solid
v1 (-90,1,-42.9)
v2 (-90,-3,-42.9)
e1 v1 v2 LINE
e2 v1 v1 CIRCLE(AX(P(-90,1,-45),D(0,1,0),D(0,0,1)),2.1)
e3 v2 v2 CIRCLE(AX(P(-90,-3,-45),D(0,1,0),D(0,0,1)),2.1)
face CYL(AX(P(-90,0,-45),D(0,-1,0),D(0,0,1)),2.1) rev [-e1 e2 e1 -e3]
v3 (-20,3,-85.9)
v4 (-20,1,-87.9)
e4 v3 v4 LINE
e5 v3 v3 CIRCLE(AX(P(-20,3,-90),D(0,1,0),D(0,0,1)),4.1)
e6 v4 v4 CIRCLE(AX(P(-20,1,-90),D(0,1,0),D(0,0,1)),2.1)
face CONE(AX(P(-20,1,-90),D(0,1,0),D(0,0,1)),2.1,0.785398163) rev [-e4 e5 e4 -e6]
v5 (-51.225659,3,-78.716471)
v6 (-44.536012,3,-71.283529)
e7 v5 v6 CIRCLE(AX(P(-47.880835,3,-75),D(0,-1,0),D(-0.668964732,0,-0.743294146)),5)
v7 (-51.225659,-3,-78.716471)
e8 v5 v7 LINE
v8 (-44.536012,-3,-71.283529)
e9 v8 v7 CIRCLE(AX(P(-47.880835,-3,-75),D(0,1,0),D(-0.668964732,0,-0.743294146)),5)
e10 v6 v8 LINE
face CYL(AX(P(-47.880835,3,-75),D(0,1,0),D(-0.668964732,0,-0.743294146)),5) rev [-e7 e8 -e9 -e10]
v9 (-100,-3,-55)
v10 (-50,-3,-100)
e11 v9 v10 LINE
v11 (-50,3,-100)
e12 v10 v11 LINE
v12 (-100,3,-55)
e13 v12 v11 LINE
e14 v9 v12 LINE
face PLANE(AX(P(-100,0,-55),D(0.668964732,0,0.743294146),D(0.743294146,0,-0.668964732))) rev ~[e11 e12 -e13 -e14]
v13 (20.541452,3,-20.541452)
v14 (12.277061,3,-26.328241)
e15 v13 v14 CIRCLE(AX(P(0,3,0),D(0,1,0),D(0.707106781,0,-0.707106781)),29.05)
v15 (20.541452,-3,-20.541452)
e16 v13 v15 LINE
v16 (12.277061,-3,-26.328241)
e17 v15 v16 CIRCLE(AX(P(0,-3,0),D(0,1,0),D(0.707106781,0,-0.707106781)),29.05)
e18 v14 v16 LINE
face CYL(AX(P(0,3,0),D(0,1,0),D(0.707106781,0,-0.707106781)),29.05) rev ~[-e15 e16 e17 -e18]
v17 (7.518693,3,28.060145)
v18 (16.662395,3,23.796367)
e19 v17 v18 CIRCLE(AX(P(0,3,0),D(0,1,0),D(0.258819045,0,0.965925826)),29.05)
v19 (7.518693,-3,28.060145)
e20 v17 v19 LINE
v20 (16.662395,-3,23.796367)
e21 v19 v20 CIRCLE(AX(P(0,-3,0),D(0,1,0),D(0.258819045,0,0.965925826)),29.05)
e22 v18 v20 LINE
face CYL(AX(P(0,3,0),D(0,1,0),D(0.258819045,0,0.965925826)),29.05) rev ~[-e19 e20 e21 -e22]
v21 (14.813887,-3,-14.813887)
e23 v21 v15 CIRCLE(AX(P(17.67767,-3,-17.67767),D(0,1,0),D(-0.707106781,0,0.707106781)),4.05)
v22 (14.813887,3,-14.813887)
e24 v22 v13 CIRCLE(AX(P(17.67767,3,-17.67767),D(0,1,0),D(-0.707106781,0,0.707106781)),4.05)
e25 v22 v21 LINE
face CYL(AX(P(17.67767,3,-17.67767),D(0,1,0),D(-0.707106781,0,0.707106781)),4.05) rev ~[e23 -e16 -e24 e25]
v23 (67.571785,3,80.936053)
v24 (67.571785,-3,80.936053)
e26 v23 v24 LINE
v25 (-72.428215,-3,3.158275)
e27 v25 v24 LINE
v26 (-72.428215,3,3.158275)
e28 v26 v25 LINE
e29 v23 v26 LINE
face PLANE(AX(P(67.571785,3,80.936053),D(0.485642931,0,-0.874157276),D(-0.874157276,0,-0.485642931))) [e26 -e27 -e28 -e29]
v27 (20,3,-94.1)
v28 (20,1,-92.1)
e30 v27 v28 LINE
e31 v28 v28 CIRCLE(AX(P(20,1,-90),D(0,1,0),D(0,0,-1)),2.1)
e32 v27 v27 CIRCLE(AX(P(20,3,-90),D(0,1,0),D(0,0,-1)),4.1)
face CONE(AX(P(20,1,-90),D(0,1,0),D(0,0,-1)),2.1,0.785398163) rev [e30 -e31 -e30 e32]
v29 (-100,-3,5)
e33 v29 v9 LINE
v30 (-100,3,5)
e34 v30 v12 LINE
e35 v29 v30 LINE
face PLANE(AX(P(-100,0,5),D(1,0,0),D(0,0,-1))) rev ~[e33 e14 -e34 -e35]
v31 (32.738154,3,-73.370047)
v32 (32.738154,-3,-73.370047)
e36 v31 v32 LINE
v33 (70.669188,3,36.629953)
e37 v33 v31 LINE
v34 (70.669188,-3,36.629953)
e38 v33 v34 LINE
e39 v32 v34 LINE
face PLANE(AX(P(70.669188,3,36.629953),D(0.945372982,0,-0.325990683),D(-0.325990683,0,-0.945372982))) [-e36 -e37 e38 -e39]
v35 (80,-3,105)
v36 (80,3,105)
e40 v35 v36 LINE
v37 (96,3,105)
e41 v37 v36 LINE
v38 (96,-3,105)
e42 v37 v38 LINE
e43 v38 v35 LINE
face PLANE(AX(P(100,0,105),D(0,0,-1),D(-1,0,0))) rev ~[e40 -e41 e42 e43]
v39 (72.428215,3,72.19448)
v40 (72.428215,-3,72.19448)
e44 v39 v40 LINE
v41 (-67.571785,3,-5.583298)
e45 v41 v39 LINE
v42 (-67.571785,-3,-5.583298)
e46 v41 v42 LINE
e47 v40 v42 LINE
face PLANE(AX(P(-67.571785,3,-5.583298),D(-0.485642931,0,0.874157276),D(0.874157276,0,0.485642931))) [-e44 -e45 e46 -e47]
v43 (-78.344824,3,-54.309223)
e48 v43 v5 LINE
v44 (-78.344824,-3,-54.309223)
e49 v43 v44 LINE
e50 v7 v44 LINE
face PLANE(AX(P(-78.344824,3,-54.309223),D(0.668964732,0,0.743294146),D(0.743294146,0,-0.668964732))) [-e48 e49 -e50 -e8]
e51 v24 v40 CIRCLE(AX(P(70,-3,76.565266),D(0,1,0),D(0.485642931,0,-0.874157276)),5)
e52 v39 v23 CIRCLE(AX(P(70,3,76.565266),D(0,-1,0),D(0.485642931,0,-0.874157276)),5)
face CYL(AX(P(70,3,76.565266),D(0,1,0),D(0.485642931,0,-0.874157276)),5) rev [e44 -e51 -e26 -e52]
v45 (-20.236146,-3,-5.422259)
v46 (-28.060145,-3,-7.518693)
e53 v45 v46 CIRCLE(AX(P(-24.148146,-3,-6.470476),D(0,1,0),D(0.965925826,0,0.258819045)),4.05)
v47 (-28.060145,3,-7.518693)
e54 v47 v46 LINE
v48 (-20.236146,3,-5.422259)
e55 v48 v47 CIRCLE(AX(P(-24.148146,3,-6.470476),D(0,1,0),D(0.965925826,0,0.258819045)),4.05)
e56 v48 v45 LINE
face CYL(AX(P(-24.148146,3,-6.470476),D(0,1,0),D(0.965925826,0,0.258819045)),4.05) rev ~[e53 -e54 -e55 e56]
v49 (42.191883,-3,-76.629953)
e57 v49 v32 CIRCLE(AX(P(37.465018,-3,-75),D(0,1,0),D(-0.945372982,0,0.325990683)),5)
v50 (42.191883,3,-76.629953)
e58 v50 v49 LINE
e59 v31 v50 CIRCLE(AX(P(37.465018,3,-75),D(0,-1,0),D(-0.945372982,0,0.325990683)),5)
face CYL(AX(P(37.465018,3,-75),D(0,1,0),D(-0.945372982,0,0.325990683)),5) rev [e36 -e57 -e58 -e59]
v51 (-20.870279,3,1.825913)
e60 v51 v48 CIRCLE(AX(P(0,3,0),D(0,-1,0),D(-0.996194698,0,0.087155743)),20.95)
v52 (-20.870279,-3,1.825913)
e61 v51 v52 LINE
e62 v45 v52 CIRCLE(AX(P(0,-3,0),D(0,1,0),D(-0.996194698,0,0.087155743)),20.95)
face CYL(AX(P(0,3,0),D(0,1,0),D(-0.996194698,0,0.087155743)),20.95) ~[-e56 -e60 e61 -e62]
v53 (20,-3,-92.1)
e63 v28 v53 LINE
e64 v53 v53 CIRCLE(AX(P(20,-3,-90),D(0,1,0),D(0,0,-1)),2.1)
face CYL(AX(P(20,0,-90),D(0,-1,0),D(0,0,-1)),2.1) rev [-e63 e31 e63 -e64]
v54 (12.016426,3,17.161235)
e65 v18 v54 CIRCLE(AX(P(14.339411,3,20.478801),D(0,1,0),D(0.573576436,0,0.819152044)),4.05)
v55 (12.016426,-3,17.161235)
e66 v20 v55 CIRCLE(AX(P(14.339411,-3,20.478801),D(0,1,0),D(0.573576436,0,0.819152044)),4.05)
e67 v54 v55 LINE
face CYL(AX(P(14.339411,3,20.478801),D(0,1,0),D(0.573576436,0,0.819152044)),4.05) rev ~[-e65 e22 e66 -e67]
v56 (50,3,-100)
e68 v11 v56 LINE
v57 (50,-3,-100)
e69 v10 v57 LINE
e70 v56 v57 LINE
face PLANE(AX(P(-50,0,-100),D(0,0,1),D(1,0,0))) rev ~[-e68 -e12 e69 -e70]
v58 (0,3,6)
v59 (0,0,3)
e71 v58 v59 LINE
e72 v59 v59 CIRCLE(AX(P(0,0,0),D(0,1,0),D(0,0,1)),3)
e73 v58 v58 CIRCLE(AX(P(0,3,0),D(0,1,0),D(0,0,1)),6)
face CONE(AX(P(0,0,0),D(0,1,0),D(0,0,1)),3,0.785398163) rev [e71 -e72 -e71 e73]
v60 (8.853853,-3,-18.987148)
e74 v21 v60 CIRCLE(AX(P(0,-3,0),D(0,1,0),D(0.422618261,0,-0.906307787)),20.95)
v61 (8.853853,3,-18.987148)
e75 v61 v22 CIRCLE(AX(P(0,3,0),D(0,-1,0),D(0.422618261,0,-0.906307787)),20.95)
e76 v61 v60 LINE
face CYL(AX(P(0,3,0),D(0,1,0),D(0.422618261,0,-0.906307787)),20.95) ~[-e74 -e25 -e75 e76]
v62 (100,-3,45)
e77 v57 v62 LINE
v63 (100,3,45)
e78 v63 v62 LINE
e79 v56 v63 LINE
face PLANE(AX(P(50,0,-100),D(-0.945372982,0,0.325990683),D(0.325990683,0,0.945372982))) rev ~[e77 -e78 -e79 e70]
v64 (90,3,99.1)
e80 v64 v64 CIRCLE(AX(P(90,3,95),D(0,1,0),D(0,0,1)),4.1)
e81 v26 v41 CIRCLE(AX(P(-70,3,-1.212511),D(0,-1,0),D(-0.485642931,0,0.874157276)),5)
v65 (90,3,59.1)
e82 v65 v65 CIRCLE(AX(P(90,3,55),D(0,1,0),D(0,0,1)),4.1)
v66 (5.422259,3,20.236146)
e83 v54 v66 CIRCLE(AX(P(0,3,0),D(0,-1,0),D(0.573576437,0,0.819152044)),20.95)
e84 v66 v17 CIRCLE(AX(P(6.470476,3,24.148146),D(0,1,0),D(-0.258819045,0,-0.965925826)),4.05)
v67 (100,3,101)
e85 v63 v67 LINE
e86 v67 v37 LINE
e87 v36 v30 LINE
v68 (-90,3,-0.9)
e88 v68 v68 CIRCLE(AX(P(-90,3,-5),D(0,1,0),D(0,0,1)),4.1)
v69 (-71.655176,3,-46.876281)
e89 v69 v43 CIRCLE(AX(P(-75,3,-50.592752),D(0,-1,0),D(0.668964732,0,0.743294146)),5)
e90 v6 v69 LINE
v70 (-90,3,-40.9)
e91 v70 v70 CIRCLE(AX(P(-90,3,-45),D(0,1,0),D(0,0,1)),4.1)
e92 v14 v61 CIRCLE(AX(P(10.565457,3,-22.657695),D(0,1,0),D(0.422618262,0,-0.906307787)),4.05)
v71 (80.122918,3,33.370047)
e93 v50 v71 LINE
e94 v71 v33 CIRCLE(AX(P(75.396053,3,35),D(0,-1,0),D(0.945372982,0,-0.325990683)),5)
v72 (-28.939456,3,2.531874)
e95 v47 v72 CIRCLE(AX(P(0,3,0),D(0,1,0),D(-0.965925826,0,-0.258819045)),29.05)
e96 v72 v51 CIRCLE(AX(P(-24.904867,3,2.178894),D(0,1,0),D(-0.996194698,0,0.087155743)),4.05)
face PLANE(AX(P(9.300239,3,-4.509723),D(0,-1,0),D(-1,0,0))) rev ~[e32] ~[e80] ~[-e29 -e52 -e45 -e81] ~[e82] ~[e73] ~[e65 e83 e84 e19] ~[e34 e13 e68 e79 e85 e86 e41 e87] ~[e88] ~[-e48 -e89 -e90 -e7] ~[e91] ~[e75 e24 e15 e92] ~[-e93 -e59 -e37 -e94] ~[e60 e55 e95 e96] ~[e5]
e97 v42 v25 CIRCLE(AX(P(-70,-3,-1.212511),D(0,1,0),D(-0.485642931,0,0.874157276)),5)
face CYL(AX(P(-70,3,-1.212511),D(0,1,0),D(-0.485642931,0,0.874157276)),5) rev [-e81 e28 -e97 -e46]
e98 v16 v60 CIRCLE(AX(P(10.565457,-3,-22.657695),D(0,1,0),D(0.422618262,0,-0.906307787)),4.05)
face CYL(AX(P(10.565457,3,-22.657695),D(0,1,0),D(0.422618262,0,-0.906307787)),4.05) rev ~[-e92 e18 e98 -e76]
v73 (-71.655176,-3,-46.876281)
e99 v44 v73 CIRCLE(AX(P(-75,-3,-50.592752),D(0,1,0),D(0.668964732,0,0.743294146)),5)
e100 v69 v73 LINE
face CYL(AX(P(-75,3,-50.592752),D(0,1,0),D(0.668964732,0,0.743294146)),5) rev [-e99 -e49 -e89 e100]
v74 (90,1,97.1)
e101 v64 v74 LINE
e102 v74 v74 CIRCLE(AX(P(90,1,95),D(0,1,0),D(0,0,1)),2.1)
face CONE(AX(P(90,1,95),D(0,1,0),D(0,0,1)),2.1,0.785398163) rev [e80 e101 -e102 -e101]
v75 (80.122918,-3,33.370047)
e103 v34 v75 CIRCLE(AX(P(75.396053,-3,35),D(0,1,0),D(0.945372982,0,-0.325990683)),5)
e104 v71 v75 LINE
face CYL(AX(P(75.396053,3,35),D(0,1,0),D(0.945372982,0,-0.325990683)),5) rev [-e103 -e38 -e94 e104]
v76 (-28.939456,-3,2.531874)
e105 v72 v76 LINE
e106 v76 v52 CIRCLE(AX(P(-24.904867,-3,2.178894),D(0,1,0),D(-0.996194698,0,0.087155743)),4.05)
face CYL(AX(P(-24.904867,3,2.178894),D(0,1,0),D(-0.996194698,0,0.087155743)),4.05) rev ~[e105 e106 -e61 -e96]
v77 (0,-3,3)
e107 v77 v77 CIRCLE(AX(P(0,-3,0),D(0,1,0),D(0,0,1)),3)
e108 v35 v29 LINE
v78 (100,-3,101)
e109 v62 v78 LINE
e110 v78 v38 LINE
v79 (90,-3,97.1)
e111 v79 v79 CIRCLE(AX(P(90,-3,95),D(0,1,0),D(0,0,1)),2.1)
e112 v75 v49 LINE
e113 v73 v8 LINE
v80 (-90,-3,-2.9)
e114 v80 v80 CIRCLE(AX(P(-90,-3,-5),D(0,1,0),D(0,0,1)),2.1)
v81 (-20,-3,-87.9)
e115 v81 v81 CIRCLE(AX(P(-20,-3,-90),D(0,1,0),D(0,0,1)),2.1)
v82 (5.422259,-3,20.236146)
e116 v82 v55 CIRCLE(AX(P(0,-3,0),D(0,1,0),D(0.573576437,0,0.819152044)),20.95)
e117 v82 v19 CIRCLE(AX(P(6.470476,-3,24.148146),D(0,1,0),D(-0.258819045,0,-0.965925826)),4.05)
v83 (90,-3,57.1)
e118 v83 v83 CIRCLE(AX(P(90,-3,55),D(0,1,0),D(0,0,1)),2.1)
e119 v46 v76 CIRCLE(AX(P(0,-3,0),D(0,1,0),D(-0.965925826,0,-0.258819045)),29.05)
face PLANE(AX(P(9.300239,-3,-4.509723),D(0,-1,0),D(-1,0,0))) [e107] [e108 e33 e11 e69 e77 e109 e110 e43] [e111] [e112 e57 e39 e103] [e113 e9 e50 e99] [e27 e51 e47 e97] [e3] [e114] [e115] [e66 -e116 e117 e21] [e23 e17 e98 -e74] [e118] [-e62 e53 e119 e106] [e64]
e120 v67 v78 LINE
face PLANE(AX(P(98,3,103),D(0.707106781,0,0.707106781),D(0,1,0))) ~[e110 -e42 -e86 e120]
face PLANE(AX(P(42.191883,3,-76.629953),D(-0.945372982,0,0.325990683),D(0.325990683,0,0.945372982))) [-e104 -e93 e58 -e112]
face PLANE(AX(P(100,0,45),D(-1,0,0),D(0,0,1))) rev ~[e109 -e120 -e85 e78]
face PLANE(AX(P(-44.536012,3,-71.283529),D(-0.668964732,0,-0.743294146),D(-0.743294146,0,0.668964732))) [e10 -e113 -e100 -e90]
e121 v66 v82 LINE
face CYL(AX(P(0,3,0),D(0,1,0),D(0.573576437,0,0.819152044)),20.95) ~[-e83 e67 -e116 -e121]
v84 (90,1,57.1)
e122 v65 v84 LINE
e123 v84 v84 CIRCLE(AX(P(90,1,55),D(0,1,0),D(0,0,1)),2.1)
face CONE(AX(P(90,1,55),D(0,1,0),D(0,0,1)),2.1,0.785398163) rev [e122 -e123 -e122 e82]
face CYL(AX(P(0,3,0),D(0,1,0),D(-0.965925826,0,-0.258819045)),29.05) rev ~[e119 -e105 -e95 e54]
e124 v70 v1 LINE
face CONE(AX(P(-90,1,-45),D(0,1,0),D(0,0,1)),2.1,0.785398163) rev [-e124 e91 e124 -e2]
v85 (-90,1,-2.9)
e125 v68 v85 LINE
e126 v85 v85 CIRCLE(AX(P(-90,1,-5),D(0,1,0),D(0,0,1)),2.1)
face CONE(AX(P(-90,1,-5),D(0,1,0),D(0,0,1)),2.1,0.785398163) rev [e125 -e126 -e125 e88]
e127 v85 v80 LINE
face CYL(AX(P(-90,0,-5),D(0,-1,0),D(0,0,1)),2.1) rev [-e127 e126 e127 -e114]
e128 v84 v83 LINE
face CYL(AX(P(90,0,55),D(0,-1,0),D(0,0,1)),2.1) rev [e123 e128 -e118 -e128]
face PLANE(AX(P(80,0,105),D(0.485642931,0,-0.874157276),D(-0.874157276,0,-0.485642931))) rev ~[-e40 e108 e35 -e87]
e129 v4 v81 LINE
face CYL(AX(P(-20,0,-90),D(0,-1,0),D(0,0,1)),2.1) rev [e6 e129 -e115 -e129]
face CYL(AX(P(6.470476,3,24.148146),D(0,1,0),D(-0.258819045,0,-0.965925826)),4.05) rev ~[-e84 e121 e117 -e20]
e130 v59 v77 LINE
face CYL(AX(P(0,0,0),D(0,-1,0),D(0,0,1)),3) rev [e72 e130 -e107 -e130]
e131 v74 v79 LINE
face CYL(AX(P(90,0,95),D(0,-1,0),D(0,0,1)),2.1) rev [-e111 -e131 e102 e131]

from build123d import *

# Parameters (mm, degrees)
SKETCH_1_R               = 3
SKETCH_1_R_2             = 2.1
EXTRUDE_1_DEPTH          = 3
CHAMFER_1_SIZE           = 2
CHAMFER_3_SIZE           = 4
CUT_EXTRUDE_1_DEPTH      = 146.124084838
CHAMFER_4_SIZE           = 3
CUT_EXTRUDE_2_DEPTH      = 146.124084838
PATTERN_CIRCULAR_1_COUNT = 3


with BuildPart() as part:
    # 草图1 → 凸台-拉伸1 (new, symmetric)
    with BuildSketch(Plane(origin=(0, 0, 0), x_dir=(1, 0, 0), z_dir=(0, 1, 0))):
        Polygon((-50, 100), (50, 100), (100, -45), (100, -105), (80, -105), (-100, -5), (-100, 55), align=None)
        with Locations(Location((0, 0, 0), (0, 0, 270))):
            Circle(SKETCH_1_R, mode=Mode.SUBTRACT)
        with Locations(Location((-20, 90, 0), (0, 0, 270))):
            Circle(SKETCH_1_R_2, mode=Mode.SUBTRACT)
        with Locations(Location((-90, 45, 0), (0, 0, 270))):
            Circle(SKETCH_1_R_2, mode=Mode.SUBTRACT)
        with Locations(Location((-90, 5, 0), (0, 0, 270))):
            Circle(SKETCH_1_R_2, mode=Mode.SUBTRACT)
        with Locations(Location((20, 90, 0), (0, 0, 90))):
            Circle(SKETCH_1_R_2, mode=Mode.SUBTRACT)
        with Locations(Location((90, -55, 0), (0, 0, 270))):
            Circle(SKETCH_1_R_2, mode=Mode.SUBTRACT)
        with Locations(Location((90, -95, 0), (0, 0, 270))):
            Circle(SKETCH_1_R_2, mode=Mode.SUBTRACT)
    extrude(amount=EXTRUDE_1_DEPTH, both=True)

    # 倒角1
    chamfer_1_edges = [part.edges().sort_by_distance(p)[0] for p in [
        (-20, 3, -92.1),
        (-90, 3, -47.1),
        (-90, 3, -7.1),
        (90, 3, 52.9),
        (90, 3, 92.9),
        (20, 3, -87.9),
    ]]
    chamfer(chamfer_1_edges, length=CHAMFER_1_SIZE)

    # 倒角3
    chamfer_3_edges = [part.edges().sort_by_distance(p)[0] for p in [
        (100, 0, 105),
    ]]
    chamfer(chamfer_3_edges, length=CHAMFER_3_SIZE)

    # 草图2 → 切除-拉伸1 (cut, through all)
    with BuildSketch(Plane(origin=(0, 3, 0), x_dir=(1, 0, 0), z_dir=(0, 1, 0))):
        with BuildLine():
            Line((-78.344823658, 54.309222637), (-51.225659109, 78.716470731))
            ThreePointArc((-51.225659109, 78.716470731), (-44.16436472, 78.344823658), (-44.536011793, 71.283529269))
            Line((-44.536011793, 71.283529269), (-71.655176342, 46.876281175))
            ThreePointArc((-71.655176342, 46.876281175), (-78.716470731, 47.247928248), (-78.344823658, 54.309222637))
        make_face()
        with BuildLine():
            Line((70.669187988, -36.629953417), (32.738153505, 73.370046583))
            ThreePointArc((32.738153505, 73.370046583), (35.835064997, 79.726864908), (42.191883322, 76.629953417))
            Line((42.191883322, 76.629953417), (80.122917804, -33.370046583))
            ThreePointArc((80.122917804, -33.370046583), (77.026006313, -39.726864908), (70.669187988, -36.629953417))
        make_face()
        with BuildLine():
            Line((67.571785344, -80.936052734), (-72.428214656, -3.158274956))
            ThreePointArc((-72.428214656, -3.158274956), (-74.370786381, 3.64072608), (-67.571785344, 5.583297805))
            Line((-67.571785344, 5.583297805), (72.428214656, -72.194479973))
            ThreePointArc((72.428214656, -72.194479973), (74.370786381, -78.993481009), (67.571785344, -80.936052734))
        make_face()
    extrude(amount=-CUT_EXTRUDE_1_DEPTH, mode=Mode.SUBTRACT)

    # 倒角4
    chamfer_4_edges = [part.edges().sort_by_distance(p)[0] for p in [
        (0, 3, -3),
    ]]
    chamfer(chamfer_4_edges, length=CHAMFER_4_SIZE)

    # 草图3 → 切除-拉伸2 (cut, through all)
    with BuildSketch(Plane(origin=(0, 3, 0), x_dir=(1, 0, 0), z_dir=(0, 1, 0))):
        with BuildLine():
            ThreePointArc((20.541451993, 20.541451993), (16.662395476, 23.796366887), (12.277060504, 26.328241213))
            ThreePointArc((12.277060504, 26.328241213), (6.894910006, 24.369298636), (8.853852583, 18.987148138))
            ThreePointArc((8.853852583, 18.987148138), (12.016426342, 17.161235328), (14.813887066, 14.813887066))
            ThreePointArc((14.813887066, 14.813887066), (20.541451993, 14.813887066), (20.541451993, 20.541451993))
        make_face()
    cut_extrude_2 = extrude(amount=-CUT_EXTRUDE_2_DEPTH, mode=Mode.SUBTRACT)

    # 阵列(圆周)1: 切除-拉伸2 ×3 about axis
    pattern_circular_1_axis = Axis((0, 0, 0), (0, 1, 0))
    for i in range(1, PATTERN_CIRCULAR_1_COUNT):
        add(cut_extrude_2.rotate(pattern_circular_1_axis, i * 360 / PATTERN_CIRCULAR_1_COUNT), mode=Mode.SUBTRACT)


solid = part.part
